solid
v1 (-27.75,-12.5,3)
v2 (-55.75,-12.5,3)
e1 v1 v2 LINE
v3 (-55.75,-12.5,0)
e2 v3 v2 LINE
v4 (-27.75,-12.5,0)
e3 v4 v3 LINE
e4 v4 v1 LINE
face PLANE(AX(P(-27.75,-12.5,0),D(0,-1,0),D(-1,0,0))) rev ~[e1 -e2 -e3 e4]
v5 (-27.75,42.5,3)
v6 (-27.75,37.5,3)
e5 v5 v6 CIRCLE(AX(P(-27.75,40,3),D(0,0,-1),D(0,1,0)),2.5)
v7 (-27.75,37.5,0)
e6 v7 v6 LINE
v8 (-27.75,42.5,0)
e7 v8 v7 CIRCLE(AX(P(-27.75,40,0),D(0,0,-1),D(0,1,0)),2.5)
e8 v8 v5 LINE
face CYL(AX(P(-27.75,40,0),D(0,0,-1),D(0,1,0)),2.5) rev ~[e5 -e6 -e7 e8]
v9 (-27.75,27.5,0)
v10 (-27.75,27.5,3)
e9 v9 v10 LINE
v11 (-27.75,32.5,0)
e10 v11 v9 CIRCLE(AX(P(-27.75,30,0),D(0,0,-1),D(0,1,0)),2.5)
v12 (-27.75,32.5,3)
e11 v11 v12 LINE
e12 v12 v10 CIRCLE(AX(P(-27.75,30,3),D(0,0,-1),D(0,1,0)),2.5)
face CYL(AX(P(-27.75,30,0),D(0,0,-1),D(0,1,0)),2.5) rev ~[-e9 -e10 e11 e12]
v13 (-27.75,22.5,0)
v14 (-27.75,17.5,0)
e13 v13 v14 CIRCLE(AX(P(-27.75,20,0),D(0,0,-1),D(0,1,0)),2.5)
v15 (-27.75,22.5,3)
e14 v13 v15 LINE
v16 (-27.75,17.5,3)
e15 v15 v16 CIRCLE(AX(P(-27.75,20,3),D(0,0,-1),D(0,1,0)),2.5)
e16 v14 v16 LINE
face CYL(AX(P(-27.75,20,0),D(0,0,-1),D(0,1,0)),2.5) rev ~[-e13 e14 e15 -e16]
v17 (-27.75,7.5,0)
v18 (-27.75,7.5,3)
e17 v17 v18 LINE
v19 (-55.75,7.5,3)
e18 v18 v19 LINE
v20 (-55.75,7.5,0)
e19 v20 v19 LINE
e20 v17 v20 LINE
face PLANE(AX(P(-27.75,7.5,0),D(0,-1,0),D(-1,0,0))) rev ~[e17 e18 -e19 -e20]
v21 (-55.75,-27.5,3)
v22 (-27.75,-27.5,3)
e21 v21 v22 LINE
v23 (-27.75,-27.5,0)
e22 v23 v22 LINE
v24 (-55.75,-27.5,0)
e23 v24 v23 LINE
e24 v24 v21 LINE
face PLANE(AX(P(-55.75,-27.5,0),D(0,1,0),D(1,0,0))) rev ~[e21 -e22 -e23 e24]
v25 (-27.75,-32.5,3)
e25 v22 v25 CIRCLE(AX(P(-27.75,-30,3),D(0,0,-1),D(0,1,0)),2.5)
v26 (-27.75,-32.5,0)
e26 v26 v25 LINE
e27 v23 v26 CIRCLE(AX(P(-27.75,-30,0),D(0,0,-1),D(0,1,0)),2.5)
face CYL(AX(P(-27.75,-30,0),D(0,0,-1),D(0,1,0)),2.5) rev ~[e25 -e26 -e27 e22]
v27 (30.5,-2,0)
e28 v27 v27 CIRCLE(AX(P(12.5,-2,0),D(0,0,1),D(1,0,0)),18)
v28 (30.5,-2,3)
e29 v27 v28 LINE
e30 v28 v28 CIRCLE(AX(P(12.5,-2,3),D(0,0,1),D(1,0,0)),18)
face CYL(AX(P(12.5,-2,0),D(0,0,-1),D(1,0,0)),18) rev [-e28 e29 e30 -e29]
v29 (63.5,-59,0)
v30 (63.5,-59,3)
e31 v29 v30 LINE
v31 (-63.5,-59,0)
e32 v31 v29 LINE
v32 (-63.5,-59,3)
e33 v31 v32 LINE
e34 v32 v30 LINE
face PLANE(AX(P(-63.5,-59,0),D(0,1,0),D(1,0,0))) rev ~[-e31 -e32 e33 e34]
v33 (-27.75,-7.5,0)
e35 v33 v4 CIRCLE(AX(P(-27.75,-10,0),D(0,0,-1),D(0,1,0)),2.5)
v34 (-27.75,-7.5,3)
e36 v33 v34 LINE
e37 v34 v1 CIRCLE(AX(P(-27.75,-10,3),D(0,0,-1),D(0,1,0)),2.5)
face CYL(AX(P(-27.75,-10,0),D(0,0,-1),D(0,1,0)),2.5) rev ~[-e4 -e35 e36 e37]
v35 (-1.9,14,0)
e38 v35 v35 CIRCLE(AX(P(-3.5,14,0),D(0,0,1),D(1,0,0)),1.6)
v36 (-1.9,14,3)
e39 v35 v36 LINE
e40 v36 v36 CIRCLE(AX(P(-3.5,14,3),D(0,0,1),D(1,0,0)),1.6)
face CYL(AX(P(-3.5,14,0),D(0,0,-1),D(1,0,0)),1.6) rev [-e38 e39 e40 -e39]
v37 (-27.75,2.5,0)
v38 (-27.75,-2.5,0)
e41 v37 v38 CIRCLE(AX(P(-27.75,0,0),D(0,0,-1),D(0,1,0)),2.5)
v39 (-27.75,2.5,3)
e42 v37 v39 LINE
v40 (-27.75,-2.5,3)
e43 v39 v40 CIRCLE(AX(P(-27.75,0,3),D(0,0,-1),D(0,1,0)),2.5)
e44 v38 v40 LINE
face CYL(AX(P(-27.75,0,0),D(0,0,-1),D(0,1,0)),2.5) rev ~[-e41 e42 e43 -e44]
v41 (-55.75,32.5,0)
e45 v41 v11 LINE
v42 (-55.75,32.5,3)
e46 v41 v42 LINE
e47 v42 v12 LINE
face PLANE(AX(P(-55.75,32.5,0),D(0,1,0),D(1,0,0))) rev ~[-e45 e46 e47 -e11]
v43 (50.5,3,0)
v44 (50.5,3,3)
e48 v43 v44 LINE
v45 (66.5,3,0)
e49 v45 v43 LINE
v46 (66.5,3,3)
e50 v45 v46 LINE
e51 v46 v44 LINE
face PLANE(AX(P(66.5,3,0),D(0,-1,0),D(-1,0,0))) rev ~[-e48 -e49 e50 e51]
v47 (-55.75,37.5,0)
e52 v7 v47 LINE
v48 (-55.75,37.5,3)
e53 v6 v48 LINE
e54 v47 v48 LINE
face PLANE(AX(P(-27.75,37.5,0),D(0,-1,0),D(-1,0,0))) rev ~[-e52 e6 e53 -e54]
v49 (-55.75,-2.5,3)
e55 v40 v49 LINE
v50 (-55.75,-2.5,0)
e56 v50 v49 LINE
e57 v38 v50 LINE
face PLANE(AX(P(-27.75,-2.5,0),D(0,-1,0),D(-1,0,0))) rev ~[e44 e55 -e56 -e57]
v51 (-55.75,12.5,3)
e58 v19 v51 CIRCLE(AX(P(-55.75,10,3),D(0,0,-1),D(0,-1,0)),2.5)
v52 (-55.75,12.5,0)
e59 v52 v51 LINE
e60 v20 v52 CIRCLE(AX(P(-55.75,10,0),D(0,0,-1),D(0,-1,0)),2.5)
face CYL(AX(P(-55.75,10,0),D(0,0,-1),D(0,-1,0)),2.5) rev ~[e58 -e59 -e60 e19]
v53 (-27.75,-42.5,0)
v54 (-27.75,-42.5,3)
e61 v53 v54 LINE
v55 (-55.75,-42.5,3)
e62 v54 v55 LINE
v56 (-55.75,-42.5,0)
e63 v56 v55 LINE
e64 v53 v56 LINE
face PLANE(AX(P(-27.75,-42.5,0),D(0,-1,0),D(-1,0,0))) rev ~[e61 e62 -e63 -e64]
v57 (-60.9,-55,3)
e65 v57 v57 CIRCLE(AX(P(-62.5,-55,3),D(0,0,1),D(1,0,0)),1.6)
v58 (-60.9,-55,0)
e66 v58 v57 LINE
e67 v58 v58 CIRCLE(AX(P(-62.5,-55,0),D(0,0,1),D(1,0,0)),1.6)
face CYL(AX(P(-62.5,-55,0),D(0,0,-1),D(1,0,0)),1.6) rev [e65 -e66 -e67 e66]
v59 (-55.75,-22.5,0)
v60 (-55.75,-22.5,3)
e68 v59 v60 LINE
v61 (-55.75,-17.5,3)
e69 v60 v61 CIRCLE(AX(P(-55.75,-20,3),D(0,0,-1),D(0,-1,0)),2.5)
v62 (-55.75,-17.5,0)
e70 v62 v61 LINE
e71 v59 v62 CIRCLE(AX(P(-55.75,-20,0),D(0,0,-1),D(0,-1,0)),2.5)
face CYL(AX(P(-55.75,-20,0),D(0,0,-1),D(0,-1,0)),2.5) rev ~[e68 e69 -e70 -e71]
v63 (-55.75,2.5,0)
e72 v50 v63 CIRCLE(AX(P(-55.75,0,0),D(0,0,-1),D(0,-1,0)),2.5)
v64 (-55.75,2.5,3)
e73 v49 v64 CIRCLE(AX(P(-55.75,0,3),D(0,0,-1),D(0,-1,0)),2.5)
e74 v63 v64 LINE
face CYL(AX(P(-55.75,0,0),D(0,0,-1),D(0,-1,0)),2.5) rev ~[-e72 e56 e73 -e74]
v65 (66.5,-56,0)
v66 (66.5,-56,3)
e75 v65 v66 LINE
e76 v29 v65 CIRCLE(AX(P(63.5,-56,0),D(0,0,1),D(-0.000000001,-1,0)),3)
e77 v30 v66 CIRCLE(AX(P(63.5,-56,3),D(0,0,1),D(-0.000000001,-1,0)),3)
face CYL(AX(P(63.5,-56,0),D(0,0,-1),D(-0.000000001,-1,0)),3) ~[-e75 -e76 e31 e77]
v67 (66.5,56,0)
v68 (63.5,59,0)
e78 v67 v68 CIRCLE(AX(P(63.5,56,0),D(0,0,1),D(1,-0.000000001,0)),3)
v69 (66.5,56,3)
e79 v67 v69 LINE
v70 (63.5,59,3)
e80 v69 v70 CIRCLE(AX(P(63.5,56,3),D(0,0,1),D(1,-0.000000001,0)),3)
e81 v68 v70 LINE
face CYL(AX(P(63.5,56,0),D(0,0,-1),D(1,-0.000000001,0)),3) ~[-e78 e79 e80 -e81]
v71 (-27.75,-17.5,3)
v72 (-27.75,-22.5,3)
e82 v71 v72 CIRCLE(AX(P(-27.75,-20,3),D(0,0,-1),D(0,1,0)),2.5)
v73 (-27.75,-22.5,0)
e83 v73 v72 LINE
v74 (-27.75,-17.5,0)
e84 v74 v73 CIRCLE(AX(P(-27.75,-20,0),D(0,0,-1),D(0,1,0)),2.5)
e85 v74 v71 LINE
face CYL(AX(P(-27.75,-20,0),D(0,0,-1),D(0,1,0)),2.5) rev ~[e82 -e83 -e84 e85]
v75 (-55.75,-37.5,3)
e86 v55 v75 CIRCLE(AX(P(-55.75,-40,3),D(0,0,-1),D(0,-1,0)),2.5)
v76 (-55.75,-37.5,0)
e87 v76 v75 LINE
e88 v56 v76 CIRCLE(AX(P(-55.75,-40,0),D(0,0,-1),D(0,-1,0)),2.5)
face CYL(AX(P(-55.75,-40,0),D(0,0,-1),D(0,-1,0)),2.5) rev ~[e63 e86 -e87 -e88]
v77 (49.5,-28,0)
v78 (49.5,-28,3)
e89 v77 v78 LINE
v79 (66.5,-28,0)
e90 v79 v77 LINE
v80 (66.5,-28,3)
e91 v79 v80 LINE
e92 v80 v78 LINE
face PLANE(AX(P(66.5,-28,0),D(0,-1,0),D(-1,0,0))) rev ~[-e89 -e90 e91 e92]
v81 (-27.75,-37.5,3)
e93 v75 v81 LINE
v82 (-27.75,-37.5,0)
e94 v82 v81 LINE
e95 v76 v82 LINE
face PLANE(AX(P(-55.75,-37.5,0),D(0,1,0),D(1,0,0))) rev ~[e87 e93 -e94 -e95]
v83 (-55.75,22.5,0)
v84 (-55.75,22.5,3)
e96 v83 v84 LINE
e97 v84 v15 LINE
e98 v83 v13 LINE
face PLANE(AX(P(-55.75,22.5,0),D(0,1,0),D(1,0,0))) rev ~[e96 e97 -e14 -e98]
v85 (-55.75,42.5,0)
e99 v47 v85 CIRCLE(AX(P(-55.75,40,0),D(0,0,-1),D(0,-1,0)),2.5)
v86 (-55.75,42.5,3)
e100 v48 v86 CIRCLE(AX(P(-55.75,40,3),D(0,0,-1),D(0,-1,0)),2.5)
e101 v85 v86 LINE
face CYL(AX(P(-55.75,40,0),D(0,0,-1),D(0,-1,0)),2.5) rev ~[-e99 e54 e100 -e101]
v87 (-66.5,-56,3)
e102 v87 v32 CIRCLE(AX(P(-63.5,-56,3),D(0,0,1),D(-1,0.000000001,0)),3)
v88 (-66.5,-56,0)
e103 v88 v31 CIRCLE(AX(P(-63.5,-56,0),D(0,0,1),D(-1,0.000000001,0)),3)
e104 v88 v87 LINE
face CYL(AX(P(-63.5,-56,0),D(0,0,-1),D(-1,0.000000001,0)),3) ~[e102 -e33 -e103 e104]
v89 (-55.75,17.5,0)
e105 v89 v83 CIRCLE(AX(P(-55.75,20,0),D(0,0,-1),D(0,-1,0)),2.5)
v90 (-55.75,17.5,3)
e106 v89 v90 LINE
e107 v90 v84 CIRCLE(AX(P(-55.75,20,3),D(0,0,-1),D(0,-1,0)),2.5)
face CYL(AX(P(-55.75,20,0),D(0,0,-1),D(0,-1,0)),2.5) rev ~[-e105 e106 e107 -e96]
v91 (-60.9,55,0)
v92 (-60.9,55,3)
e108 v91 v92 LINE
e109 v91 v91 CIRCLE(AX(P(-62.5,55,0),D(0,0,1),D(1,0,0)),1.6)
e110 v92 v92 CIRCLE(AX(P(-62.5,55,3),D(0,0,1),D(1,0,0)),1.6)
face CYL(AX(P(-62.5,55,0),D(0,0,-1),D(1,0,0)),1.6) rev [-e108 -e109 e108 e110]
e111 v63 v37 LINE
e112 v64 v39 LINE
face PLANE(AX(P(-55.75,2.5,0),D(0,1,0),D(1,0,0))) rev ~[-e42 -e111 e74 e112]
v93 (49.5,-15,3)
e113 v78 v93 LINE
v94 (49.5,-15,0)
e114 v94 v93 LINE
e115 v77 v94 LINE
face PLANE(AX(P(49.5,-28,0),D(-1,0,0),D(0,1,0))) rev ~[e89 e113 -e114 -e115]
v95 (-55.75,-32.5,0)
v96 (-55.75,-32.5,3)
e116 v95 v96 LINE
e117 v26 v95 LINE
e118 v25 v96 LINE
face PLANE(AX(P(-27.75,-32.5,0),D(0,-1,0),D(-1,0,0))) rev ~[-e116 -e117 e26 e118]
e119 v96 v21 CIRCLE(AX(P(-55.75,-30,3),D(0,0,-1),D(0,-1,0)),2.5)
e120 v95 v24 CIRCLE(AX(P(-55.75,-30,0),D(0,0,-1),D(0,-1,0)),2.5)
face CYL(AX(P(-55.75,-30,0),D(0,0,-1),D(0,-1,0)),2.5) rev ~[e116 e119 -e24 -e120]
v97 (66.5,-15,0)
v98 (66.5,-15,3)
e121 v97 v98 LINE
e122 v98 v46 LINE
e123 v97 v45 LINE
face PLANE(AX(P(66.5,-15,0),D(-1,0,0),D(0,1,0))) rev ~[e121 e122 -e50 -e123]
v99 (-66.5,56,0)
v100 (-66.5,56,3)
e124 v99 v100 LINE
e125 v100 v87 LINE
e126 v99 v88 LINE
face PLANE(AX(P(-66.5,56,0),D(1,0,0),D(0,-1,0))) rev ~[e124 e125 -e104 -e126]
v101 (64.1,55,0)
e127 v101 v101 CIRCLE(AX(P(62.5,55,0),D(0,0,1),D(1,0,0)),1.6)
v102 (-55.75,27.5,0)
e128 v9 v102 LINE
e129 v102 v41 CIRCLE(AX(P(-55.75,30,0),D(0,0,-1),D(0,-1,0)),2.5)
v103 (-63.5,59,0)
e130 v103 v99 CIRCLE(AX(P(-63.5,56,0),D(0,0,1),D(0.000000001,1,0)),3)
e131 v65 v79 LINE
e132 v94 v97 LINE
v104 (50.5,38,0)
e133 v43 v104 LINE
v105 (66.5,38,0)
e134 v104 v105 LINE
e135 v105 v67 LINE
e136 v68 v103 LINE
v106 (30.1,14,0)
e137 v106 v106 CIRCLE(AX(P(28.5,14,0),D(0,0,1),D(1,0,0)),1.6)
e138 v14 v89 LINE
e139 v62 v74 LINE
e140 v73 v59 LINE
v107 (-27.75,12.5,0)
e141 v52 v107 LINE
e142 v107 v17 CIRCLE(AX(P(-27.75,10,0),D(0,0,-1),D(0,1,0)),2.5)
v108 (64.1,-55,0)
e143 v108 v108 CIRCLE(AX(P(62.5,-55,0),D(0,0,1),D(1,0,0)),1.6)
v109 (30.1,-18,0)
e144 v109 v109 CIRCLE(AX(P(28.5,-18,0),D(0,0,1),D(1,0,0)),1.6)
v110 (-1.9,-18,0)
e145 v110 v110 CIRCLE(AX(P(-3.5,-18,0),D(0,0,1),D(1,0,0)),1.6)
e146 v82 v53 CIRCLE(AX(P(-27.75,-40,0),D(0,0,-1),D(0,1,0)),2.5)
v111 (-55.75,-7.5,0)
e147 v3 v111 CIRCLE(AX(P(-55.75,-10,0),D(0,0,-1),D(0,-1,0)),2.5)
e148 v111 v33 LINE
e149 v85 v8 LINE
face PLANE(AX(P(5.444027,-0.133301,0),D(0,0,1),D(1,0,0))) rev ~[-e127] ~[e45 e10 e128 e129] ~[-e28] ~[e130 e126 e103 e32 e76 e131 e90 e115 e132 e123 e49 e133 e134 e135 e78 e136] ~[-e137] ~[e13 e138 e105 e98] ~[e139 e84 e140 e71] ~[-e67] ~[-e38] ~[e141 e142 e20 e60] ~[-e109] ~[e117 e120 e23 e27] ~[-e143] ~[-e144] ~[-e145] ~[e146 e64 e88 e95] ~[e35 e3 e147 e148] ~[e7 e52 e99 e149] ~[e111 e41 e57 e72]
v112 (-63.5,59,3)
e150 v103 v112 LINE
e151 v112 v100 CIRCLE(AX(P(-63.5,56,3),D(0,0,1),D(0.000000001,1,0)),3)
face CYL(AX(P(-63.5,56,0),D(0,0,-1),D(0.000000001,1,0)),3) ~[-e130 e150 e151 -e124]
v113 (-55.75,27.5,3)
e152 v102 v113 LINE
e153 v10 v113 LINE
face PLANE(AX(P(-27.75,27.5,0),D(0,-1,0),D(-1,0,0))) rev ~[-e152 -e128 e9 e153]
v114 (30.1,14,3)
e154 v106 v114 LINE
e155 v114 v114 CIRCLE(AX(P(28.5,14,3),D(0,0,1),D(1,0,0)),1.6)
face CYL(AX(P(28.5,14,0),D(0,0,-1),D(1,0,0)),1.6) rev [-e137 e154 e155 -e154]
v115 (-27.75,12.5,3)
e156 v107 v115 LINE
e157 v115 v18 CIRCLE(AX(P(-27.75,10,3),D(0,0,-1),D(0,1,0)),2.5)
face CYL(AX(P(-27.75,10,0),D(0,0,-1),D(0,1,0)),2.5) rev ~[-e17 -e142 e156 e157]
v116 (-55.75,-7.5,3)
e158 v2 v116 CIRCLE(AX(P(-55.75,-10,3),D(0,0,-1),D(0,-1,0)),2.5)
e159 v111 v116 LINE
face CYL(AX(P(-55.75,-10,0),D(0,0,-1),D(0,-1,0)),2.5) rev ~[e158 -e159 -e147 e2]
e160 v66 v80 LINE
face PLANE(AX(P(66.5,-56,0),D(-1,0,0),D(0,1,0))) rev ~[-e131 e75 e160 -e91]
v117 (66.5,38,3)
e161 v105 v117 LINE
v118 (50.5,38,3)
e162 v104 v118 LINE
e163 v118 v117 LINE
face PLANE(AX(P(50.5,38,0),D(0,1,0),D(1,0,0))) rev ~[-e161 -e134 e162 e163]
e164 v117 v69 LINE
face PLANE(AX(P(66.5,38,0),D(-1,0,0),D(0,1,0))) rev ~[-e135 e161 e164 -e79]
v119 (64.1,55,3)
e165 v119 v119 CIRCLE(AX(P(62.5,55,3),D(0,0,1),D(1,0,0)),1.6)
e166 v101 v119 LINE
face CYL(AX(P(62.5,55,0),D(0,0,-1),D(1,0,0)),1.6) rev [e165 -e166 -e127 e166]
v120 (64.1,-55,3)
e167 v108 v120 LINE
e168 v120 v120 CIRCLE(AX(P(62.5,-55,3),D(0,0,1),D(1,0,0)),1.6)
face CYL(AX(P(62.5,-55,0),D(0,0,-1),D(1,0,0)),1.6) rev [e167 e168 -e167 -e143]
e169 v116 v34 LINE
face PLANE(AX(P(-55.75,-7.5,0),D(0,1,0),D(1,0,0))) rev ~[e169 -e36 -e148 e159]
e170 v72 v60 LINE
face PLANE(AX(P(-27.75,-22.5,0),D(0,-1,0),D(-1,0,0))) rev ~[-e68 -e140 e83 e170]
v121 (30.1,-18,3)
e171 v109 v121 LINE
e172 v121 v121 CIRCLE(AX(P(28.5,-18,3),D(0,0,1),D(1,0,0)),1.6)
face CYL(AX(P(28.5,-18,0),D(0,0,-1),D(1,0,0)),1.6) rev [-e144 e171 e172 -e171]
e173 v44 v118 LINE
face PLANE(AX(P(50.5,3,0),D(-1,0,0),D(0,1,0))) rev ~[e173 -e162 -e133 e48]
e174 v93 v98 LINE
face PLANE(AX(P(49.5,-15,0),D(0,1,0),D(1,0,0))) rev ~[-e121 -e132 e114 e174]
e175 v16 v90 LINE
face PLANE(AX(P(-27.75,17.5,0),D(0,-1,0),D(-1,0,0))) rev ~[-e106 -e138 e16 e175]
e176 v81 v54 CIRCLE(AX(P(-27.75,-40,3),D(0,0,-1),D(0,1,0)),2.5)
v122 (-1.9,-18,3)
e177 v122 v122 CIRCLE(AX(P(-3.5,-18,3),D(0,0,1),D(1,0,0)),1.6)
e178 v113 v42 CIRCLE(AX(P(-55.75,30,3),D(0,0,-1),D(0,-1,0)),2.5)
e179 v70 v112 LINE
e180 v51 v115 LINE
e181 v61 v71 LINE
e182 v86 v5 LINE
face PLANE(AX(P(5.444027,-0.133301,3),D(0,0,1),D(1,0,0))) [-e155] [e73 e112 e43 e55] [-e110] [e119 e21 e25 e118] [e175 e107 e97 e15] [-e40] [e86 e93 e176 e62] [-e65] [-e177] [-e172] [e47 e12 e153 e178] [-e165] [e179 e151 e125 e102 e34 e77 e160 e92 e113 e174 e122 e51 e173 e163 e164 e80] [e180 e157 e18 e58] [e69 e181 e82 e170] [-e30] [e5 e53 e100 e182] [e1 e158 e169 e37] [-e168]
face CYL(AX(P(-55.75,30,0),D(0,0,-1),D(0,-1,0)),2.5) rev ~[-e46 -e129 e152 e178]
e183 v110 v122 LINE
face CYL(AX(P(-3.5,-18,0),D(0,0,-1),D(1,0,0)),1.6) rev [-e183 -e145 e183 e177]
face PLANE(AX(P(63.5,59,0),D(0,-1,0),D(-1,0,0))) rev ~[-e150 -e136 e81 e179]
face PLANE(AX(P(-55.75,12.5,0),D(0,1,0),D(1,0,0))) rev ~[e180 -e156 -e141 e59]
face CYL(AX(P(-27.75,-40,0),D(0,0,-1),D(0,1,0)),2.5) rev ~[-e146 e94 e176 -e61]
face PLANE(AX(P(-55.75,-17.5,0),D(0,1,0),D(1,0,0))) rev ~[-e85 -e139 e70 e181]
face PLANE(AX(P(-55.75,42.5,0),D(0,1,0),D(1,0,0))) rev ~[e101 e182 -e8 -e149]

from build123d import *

# Parameters (mm, degrees)
SKETCH1_R           = 18
SKETCH1_R_2         = 1.6
BOSS_EXTRUDE1_DEPTH = 3


with BuildPart() as part:
    # Sketch1 → Boss-Extrude1 (new body)
    with BuildSketch(Plane.XY):
        with BuildLine():
            Line((-63.5, -59), (63.5, -59))
            ThreePointArc((63.5, -59), (65.621320344, -58.121320344), (66.5, -56))
            Line((66.5, -56), (66.5, -28))
            Line((66.5, -28), (49.5, -28))
            Line((49.5, -28), (49.5, -15))
            Line((49.5, -15), (66.5, -15))
            Line((66.5, -15), (66.5, 3))
            Line((66.5, 3), (50.5, 3))
            Line((50.5, 3), (50.5, 38))
            Line((50.5, 38), (66.5, 38))
            Line((66.5, 38), (66.5, 56))
            ThreePointArc((66.5, 56), (65.621320344, 58.121320344), (63.5, 59))
            Line((63.5, 59), (-63.5, 59))
            ThreePointArc((-63.5, 59), (-65.621320344, 58.121320344), (-66.5, 56))
            Line((-66.5, 56), (-66.5, -56))
            ThreePointArc((-66.5, -56), (-65.621320344, -58.121320344), (-63.5, -59))
        make_face()
        with Locations((12.5, -2)):
            Circle(SKETCH1_R, mode=Mode.SUBTRACT)
        with Locations((-3.5, 14)):
            Circle(SKETCH1_R_2, mode=Mode.SUBTRACT)
        with Locations((28.5, 14)):
            Circle(SKETCH1_R_2, mode=Mode.SUBTRACT)
        with Locations((28.5, -18)):
            Circle(SKETCH1_R_2, mode=Mode.SUBTRACT)
        with Locations((-3.5, -18)):
            Circle(SKETCH1_R_2, mode=Mode.SUBTRACT)
        with Locations((-62.5, 55)):
            Circle(SKETCH1_R_2, mode=Mode.SUBTRACT)
        with Locations((62.5, 55)):
            Circle(SKETCH1_R_2, mode=Mode.SUBTRACT)
        with Locations((-62.5, -55)):
            Circle(SKETCH1_R_2, mode=Mode.SUBTRACT)
        with Locations((62.5, -55)):
            Circle(SKETCH1_R_2, mode=Mode.SUBTRACT)
        with BuildLine():
            Line((-55.75, 2.5), (-27.75, 2.5))
            ThreePointArc((-27.75, 2.5), (-25.25, 0), (-27.75, -2.5))
            Line((-27.75, -2.5), (-55.75, -2.5))
            ThreePointArc((-55.75, -2.5), (-58.25, 0), (-55.75, 2.5))
        make_face(mode=Mode.SUBTRACT)
        with BuildLine():
            Line((-55.75, 12.5), (-27.75, 12.5))
            ThreePointArc((-27.75, 12.5), (-25.25, 10), (-27.75, 7.5))
            Line((-27.75, 7.5), (-55.75, 7.5))
            ThreePointArc((-55.75, 7.5), (-58.25, 10), (-55.75, 12.5))
        make_face(mode=Mode.SUBTRACT)
        with BuildLine():
            Line((-55.75, 22.5), (-27.75, 22.5))
            ThreePointArc((-27.75, 22.5), (-25.25, 20), (-27.75, 17.5))
            Line((-27.75, 17.5), (-55.75, 17.5))
            ThreePointArc((-55.75, 17.5), (-58.25, 20), (-55.75, 22.5))
        make_face(mode=Mode.SUBTRACT)
        with BuildLine():
            Line((-55.75, 32.5), (-27.75, 32.5))
            ThreePointArc((-27.75, 32.5), (-25.25, 30), (-27.75, 27.5))
            Line((-27.75, 27.5), (-55.75, 27.5))
            ThreePointArc((-55.75, 27.5), (-58.25, 30), (-55.75, 32.5))
        make_face(mode=Mode.SUBTRACT)
        with BuildLine():
            Line((-55.75, 42.5), (-27.75, 42.5))
            ThreePointArc((-27.75, 42.5), (-25.25, 40), (-27.75, 37.5))
            Line((-27.75, 37.5), (-55.75, 37.5))
            ThreePointArc((-55.75, 37.5), (-58.25, 40), (-55.75, 42.5))
        make_face(mode=Mode.SUBTRACT)
        with BuildLine():
            Line((-55.75, -37.5), (-27.75, -37.5))
            ThreePointArc((-27.75, -37.5), (-25.25, -40), (-27.75, -42.5))
            Line((-27.75, -42.5), (-55.75, -42.5))
            ThreePointArc((-55.75, -42.5), (-58.25, -40), (-55.75, -37.5))
        make_face(mode=Mode.SUBTRACT)
        with BuildLine():
            Line((-55.75, -27.5), (-27.75, -27.5))
            ThreePointArc((-27.75, -27.5), (-25.25, -30), (-27.75, -32.5))
            Line((-27.75, -32.5), (-55.75, -32.5))
            ThreePointArc((-55.75, -32.5), (-58.25, -30), (-55.75, -27.5))
        make_face(mode=Mode.SUBTRACT)
        with BuildLine():
            Line((-55.75, -17.5), (-27.75, -17.5))
            ThreePointArc((-27.75, -17.5), (-25.25, -20), (-27.75, -22.5))
            Line((-27.75, -22.5), (-55.75, -22.5))
            ThreePointArc((-55.75, -22.5), (-58.25, -20), (-55.75, -17.5))
        make_face(mode=Mode.SUBTRACT)
        with BuildLine():
            Line((-55.75, -7.5), (-27.75, -7.5))
            ThreePointArc((-27.75, -7.5), (-25.25, -10), (-27.75, -12.5))
            Line((-27.75, -12.5), (-55.75, -12.5))
            ThreePointArc((-55.75, -12.5), (-58.25, -10), (-55.75, -7.5))
        make_face(mode=Mode.SUBTRACT)
    extrude(amount=BOSS_EXTRUDE1_DEPTH)


solid = part.part
